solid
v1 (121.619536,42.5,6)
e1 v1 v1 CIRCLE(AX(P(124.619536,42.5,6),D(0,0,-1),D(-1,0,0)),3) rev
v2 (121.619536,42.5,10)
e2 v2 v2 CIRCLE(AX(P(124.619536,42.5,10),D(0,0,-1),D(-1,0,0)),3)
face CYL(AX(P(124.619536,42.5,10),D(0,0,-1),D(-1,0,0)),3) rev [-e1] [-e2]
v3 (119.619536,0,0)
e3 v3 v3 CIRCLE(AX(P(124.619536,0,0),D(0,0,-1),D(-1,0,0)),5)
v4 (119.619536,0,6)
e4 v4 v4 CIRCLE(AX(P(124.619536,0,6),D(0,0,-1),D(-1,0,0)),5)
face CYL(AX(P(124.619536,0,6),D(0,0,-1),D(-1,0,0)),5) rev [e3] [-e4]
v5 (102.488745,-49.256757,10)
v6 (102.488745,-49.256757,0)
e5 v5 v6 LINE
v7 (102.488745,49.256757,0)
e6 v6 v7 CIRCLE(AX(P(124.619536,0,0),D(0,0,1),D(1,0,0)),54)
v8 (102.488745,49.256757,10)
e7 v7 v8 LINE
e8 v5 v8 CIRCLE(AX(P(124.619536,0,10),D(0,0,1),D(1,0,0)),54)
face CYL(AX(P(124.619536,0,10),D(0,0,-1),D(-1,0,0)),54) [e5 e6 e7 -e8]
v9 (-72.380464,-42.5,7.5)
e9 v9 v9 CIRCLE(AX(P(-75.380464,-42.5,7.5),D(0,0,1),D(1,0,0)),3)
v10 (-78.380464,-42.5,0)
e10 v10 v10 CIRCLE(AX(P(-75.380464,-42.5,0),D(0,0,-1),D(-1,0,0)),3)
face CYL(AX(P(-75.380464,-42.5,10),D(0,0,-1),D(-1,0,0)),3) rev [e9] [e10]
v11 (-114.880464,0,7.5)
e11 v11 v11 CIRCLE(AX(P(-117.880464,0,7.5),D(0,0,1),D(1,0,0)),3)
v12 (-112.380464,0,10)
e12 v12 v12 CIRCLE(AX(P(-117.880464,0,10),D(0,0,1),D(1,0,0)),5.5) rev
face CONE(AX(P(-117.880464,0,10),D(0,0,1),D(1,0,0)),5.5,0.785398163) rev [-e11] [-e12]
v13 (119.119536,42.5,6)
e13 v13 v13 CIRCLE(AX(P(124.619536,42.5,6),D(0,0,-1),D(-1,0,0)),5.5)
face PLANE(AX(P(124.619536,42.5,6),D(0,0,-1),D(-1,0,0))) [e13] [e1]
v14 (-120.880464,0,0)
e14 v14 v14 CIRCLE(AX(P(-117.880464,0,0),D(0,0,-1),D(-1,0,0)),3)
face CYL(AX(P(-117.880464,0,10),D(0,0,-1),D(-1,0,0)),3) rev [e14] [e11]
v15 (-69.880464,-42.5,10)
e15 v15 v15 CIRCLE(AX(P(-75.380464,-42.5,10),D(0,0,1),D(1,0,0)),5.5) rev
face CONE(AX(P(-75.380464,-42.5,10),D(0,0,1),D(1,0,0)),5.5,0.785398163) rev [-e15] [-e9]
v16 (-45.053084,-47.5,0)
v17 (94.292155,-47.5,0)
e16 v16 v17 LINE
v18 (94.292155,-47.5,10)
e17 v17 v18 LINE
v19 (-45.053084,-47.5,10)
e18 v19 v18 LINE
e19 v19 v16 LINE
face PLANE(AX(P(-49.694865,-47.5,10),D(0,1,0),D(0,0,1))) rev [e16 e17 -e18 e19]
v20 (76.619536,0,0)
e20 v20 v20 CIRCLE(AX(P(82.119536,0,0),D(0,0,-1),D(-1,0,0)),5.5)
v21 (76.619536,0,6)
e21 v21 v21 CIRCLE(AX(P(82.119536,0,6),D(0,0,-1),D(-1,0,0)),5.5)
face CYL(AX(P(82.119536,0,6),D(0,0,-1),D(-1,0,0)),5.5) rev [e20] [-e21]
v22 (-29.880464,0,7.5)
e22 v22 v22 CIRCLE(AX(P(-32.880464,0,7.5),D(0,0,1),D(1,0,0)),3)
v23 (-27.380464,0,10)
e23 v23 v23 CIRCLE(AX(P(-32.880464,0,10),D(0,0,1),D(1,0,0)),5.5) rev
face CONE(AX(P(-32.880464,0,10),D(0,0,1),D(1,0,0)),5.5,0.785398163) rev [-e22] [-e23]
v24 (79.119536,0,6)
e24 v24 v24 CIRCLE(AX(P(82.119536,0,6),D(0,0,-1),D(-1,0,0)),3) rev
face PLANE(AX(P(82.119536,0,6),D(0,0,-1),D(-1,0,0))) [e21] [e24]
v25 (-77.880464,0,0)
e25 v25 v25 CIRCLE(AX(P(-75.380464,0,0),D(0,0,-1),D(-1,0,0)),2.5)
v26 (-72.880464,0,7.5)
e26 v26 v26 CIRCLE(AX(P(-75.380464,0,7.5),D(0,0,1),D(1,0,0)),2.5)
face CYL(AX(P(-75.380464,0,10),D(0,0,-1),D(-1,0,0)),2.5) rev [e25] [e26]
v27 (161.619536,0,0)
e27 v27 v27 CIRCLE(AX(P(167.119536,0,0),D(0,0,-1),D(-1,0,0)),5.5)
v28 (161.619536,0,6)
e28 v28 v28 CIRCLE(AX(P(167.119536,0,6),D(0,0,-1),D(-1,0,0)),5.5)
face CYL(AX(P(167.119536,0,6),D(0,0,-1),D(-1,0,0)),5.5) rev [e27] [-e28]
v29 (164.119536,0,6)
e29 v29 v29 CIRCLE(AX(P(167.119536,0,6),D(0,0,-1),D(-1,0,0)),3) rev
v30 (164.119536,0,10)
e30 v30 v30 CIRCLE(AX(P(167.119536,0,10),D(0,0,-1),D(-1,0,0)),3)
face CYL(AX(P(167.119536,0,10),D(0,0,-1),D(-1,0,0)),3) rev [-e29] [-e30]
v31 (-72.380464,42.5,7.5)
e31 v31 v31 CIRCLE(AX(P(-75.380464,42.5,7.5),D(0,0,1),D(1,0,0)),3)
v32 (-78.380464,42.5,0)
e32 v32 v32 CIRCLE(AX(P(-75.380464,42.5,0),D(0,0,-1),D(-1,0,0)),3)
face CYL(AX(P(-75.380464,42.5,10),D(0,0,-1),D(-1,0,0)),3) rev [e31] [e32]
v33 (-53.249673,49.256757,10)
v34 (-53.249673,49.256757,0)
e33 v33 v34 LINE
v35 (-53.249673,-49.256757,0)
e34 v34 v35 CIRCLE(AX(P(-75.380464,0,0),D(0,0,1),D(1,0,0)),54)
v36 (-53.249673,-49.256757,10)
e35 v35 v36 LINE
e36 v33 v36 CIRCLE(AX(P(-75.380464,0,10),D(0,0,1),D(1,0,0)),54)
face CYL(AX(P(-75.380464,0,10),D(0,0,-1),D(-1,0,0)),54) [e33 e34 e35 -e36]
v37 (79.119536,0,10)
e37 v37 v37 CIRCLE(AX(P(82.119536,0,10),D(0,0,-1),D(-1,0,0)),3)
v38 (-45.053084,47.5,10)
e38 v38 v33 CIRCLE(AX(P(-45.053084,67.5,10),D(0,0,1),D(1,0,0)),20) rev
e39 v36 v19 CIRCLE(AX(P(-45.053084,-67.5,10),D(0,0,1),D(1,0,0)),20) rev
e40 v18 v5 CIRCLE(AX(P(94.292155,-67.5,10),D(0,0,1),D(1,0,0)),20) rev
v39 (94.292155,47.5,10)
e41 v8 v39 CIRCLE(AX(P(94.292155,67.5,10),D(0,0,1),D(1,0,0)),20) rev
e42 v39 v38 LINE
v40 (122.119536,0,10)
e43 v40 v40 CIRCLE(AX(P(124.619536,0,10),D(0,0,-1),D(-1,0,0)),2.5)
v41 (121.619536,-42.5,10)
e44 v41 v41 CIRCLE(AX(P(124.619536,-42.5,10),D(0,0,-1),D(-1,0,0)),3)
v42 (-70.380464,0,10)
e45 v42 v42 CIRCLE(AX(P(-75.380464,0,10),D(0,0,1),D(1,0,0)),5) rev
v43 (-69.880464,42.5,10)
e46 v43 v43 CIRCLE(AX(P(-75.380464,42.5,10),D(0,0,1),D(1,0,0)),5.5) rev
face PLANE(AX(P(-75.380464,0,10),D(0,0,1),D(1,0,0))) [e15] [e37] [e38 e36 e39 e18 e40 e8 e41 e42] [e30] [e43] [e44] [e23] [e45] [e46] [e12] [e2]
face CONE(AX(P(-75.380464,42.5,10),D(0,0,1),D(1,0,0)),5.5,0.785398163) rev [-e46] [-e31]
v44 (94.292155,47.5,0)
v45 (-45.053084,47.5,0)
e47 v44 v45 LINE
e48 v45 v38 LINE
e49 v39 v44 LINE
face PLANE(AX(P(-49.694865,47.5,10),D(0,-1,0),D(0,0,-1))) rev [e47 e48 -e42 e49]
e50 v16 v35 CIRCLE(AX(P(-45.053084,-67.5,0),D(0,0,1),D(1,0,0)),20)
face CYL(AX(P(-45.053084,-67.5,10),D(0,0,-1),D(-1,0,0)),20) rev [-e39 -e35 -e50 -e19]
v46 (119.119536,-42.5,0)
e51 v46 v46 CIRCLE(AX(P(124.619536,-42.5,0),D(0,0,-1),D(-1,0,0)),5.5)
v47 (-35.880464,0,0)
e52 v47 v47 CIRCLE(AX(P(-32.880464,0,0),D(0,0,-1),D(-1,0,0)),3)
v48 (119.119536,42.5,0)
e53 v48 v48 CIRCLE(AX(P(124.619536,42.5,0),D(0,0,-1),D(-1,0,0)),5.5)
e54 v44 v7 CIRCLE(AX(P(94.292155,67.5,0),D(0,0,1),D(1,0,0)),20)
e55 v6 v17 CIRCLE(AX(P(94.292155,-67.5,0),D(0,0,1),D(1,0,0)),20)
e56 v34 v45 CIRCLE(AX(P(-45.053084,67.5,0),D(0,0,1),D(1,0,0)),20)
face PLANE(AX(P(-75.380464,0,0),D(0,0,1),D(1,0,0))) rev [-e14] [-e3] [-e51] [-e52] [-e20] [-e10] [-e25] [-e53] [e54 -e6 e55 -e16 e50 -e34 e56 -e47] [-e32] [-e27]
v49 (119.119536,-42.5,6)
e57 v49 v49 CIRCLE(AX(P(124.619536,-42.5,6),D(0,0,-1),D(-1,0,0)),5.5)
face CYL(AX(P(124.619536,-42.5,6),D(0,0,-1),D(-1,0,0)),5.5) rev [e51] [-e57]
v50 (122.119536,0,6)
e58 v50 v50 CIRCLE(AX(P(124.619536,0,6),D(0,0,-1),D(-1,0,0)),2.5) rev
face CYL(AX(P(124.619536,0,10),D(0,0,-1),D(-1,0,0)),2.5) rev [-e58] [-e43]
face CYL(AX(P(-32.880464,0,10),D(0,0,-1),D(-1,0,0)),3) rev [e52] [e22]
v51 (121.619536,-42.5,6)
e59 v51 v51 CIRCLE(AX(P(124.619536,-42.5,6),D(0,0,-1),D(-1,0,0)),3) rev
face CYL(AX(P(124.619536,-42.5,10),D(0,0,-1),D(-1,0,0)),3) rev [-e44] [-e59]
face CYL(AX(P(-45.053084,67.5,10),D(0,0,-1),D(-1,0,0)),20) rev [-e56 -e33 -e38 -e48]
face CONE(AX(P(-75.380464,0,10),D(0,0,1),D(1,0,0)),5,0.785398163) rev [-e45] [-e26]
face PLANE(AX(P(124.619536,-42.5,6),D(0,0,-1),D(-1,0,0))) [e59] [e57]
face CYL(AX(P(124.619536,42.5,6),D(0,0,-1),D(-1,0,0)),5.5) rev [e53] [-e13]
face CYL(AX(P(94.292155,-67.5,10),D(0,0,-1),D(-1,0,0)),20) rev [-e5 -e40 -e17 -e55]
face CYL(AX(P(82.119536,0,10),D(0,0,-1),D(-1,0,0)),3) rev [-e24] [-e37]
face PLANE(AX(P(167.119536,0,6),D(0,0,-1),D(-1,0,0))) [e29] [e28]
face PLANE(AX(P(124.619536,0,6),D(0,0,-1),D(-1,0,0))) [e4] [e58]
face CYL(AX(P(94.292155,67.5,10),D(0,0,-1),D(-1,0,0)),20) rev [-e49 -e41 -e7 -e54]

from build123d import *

# Parameters (mm, degrees)
EXTRUDE_1_DEPTH     = 10
FILLET_1_R          = 20
SKETCH_2_R          = 3
SKETCH_2_R_2        = 2.5
CUT_EXTRUDE_1_DEPTH = 10
SKETCH_3_R          = 5.5
SKETCH_3_R_2        = 5
CUT_EXTRUDE_2_DEPTH = 6
SKETCH_4_R          = 2.5
CUT_EXTRUDE_3_DEPTH = 10
SKETCH_5_R          = 3
CUT_EXTRUDE_4_DEPTH = 10
CHAMFER_1_SIZE      = 2.5


with BuildPart() as part:
    # Эскиз1 → Бобышка-Вытянуть1 (new body)
    with BuildSketch(Plane.XY):
        with BuildLine():
            Line((-49.694865317, 47.5), (98.933936526, 47.5))
            ThreePointArc((98.933936526, 47.5), (178.619535605, 0), (98.933936526, -47.5))
            Line((98.933936526, -47.5), (-49.694865317, -47.5))
            ThreePointArc((-49.694865317, -47.5), (-129.380464395, 0), (-49.694865317, 47.5))
        make_face()
    extrude(amount=EXTRUDE_1_DEPTH)

    # Скругление1
    fillet_1_edges = [part.edges().sort_by_distance(p)[0] for p in [
        (-49.694865317, 47.5, 5),
        (98.933936526, 47.5, 5),
        (98.933936526, -47.5, 5),
        (-49.694865317, -47.5, 5),
    ]]
    fillet(fillet_1_edges, radius=FILLET_1_R)

    # Эскиз2 → Вырез-Вытянуть1 (cut)
    with BuildSketch(Plane(origin=(0, 0, 0), x_dir=(-1, 0, 0), z_dir=(0, 0, -1))):
        with Locations((-124.619535605, 42.5)):
            Circle(SKETCH_2_R)
        with Locations((-124.619535605, -42.5)):
            Circle(SKETCH_2_R)
        with Locations((-82.119535605, 0)):
            Circle(SKETCH_2_R)
        with Locations((-167.119535605, 0)):
            Circle(SKETCH_2_R)
        with Locations((-124.619535605, 0)):
            Circle(SKETCH_2_R_2)
    extrude(amount=-CUT_EXTRUDE_1_DEPTH, mode=Mode.SUBTRACT)

    # Эскиз3 → Вырез-Вытянуть2 (cut)
    with BuildSketch(Plane(origin=(0, 0, 0), x_dir=(-1, 0, 0), z_dir=(0, 0, -1))):
        with Locations((-124.619535605, 42.5)):
            Circle(SKETCH_3_R)
        with Locations((-167.119535605, 0)):
            Circle(SKETCH_3_R)
        with Locations((-124.619535605, -42.5)):
            Circle(SKETCH_3_R)
        with Locations((-82.119535605, 0)):
            Circle(SKETCH_3_R)
        with Locations((-124.619535605, 0)):
            Circle(SKETCH_3_R_2)
    extrude(amount=-CUT_EXTRUDE_2_DEPTH, mode=Mode.SUBTRACT)

    # Эскиз4 → Вырез-Вытянуть3 (cut)
    with BuildSketch(Plane(origin=(0, 0, 0), x_dir=(-1, 0, 0), z_dir=(0, 0, -1))):
        with Locations((75.380464395, 0)):
            Circle(SKETCH_4_R)
    extrude(amount=-CUT_EXTRUDE_3_DEPTH, mode=Mode.SUBTRACT)

    # Эскиз5 → Вырез-Вытянуть4 (cut)
    with BuildSketch(Plane(origin=(0, 0, 0), x_dir=(-1, 0, 0), z_dir=(0, 0, -1))):
        with Locations((75.380464395, 42.5)):
            Circle(SKETCH_5_R)
        with Locations((75.380464395, -42.5)):
            Circle(SKETCH_5_R)
        with Locations((32.880464395, 0)):
            Circle(SKETCH_5_R)
        with Locations((117.880464395, 0)):
            Circle(SKETCH_5_R)
    extrude(amount=-CUT_EXTRUDE_4_DEPTH, mode=Mode.SUBTRACT)

    # Фаска1
    chamfer_1_edges = [part.edges().sort_by_distance(p)[0] for p in [
        (-72.380464395, -42.5, 10),
        (-29.880464395, 0, 10),
        (-114.880464395, 0, 10),
        (-72.880464395, 0, 10),
        (-72.380464395, 42.5, 10),
    ]]
    chamfer(chamfer_1_edges, length=CHAMFER_1_SIZE)


solid = part.part
